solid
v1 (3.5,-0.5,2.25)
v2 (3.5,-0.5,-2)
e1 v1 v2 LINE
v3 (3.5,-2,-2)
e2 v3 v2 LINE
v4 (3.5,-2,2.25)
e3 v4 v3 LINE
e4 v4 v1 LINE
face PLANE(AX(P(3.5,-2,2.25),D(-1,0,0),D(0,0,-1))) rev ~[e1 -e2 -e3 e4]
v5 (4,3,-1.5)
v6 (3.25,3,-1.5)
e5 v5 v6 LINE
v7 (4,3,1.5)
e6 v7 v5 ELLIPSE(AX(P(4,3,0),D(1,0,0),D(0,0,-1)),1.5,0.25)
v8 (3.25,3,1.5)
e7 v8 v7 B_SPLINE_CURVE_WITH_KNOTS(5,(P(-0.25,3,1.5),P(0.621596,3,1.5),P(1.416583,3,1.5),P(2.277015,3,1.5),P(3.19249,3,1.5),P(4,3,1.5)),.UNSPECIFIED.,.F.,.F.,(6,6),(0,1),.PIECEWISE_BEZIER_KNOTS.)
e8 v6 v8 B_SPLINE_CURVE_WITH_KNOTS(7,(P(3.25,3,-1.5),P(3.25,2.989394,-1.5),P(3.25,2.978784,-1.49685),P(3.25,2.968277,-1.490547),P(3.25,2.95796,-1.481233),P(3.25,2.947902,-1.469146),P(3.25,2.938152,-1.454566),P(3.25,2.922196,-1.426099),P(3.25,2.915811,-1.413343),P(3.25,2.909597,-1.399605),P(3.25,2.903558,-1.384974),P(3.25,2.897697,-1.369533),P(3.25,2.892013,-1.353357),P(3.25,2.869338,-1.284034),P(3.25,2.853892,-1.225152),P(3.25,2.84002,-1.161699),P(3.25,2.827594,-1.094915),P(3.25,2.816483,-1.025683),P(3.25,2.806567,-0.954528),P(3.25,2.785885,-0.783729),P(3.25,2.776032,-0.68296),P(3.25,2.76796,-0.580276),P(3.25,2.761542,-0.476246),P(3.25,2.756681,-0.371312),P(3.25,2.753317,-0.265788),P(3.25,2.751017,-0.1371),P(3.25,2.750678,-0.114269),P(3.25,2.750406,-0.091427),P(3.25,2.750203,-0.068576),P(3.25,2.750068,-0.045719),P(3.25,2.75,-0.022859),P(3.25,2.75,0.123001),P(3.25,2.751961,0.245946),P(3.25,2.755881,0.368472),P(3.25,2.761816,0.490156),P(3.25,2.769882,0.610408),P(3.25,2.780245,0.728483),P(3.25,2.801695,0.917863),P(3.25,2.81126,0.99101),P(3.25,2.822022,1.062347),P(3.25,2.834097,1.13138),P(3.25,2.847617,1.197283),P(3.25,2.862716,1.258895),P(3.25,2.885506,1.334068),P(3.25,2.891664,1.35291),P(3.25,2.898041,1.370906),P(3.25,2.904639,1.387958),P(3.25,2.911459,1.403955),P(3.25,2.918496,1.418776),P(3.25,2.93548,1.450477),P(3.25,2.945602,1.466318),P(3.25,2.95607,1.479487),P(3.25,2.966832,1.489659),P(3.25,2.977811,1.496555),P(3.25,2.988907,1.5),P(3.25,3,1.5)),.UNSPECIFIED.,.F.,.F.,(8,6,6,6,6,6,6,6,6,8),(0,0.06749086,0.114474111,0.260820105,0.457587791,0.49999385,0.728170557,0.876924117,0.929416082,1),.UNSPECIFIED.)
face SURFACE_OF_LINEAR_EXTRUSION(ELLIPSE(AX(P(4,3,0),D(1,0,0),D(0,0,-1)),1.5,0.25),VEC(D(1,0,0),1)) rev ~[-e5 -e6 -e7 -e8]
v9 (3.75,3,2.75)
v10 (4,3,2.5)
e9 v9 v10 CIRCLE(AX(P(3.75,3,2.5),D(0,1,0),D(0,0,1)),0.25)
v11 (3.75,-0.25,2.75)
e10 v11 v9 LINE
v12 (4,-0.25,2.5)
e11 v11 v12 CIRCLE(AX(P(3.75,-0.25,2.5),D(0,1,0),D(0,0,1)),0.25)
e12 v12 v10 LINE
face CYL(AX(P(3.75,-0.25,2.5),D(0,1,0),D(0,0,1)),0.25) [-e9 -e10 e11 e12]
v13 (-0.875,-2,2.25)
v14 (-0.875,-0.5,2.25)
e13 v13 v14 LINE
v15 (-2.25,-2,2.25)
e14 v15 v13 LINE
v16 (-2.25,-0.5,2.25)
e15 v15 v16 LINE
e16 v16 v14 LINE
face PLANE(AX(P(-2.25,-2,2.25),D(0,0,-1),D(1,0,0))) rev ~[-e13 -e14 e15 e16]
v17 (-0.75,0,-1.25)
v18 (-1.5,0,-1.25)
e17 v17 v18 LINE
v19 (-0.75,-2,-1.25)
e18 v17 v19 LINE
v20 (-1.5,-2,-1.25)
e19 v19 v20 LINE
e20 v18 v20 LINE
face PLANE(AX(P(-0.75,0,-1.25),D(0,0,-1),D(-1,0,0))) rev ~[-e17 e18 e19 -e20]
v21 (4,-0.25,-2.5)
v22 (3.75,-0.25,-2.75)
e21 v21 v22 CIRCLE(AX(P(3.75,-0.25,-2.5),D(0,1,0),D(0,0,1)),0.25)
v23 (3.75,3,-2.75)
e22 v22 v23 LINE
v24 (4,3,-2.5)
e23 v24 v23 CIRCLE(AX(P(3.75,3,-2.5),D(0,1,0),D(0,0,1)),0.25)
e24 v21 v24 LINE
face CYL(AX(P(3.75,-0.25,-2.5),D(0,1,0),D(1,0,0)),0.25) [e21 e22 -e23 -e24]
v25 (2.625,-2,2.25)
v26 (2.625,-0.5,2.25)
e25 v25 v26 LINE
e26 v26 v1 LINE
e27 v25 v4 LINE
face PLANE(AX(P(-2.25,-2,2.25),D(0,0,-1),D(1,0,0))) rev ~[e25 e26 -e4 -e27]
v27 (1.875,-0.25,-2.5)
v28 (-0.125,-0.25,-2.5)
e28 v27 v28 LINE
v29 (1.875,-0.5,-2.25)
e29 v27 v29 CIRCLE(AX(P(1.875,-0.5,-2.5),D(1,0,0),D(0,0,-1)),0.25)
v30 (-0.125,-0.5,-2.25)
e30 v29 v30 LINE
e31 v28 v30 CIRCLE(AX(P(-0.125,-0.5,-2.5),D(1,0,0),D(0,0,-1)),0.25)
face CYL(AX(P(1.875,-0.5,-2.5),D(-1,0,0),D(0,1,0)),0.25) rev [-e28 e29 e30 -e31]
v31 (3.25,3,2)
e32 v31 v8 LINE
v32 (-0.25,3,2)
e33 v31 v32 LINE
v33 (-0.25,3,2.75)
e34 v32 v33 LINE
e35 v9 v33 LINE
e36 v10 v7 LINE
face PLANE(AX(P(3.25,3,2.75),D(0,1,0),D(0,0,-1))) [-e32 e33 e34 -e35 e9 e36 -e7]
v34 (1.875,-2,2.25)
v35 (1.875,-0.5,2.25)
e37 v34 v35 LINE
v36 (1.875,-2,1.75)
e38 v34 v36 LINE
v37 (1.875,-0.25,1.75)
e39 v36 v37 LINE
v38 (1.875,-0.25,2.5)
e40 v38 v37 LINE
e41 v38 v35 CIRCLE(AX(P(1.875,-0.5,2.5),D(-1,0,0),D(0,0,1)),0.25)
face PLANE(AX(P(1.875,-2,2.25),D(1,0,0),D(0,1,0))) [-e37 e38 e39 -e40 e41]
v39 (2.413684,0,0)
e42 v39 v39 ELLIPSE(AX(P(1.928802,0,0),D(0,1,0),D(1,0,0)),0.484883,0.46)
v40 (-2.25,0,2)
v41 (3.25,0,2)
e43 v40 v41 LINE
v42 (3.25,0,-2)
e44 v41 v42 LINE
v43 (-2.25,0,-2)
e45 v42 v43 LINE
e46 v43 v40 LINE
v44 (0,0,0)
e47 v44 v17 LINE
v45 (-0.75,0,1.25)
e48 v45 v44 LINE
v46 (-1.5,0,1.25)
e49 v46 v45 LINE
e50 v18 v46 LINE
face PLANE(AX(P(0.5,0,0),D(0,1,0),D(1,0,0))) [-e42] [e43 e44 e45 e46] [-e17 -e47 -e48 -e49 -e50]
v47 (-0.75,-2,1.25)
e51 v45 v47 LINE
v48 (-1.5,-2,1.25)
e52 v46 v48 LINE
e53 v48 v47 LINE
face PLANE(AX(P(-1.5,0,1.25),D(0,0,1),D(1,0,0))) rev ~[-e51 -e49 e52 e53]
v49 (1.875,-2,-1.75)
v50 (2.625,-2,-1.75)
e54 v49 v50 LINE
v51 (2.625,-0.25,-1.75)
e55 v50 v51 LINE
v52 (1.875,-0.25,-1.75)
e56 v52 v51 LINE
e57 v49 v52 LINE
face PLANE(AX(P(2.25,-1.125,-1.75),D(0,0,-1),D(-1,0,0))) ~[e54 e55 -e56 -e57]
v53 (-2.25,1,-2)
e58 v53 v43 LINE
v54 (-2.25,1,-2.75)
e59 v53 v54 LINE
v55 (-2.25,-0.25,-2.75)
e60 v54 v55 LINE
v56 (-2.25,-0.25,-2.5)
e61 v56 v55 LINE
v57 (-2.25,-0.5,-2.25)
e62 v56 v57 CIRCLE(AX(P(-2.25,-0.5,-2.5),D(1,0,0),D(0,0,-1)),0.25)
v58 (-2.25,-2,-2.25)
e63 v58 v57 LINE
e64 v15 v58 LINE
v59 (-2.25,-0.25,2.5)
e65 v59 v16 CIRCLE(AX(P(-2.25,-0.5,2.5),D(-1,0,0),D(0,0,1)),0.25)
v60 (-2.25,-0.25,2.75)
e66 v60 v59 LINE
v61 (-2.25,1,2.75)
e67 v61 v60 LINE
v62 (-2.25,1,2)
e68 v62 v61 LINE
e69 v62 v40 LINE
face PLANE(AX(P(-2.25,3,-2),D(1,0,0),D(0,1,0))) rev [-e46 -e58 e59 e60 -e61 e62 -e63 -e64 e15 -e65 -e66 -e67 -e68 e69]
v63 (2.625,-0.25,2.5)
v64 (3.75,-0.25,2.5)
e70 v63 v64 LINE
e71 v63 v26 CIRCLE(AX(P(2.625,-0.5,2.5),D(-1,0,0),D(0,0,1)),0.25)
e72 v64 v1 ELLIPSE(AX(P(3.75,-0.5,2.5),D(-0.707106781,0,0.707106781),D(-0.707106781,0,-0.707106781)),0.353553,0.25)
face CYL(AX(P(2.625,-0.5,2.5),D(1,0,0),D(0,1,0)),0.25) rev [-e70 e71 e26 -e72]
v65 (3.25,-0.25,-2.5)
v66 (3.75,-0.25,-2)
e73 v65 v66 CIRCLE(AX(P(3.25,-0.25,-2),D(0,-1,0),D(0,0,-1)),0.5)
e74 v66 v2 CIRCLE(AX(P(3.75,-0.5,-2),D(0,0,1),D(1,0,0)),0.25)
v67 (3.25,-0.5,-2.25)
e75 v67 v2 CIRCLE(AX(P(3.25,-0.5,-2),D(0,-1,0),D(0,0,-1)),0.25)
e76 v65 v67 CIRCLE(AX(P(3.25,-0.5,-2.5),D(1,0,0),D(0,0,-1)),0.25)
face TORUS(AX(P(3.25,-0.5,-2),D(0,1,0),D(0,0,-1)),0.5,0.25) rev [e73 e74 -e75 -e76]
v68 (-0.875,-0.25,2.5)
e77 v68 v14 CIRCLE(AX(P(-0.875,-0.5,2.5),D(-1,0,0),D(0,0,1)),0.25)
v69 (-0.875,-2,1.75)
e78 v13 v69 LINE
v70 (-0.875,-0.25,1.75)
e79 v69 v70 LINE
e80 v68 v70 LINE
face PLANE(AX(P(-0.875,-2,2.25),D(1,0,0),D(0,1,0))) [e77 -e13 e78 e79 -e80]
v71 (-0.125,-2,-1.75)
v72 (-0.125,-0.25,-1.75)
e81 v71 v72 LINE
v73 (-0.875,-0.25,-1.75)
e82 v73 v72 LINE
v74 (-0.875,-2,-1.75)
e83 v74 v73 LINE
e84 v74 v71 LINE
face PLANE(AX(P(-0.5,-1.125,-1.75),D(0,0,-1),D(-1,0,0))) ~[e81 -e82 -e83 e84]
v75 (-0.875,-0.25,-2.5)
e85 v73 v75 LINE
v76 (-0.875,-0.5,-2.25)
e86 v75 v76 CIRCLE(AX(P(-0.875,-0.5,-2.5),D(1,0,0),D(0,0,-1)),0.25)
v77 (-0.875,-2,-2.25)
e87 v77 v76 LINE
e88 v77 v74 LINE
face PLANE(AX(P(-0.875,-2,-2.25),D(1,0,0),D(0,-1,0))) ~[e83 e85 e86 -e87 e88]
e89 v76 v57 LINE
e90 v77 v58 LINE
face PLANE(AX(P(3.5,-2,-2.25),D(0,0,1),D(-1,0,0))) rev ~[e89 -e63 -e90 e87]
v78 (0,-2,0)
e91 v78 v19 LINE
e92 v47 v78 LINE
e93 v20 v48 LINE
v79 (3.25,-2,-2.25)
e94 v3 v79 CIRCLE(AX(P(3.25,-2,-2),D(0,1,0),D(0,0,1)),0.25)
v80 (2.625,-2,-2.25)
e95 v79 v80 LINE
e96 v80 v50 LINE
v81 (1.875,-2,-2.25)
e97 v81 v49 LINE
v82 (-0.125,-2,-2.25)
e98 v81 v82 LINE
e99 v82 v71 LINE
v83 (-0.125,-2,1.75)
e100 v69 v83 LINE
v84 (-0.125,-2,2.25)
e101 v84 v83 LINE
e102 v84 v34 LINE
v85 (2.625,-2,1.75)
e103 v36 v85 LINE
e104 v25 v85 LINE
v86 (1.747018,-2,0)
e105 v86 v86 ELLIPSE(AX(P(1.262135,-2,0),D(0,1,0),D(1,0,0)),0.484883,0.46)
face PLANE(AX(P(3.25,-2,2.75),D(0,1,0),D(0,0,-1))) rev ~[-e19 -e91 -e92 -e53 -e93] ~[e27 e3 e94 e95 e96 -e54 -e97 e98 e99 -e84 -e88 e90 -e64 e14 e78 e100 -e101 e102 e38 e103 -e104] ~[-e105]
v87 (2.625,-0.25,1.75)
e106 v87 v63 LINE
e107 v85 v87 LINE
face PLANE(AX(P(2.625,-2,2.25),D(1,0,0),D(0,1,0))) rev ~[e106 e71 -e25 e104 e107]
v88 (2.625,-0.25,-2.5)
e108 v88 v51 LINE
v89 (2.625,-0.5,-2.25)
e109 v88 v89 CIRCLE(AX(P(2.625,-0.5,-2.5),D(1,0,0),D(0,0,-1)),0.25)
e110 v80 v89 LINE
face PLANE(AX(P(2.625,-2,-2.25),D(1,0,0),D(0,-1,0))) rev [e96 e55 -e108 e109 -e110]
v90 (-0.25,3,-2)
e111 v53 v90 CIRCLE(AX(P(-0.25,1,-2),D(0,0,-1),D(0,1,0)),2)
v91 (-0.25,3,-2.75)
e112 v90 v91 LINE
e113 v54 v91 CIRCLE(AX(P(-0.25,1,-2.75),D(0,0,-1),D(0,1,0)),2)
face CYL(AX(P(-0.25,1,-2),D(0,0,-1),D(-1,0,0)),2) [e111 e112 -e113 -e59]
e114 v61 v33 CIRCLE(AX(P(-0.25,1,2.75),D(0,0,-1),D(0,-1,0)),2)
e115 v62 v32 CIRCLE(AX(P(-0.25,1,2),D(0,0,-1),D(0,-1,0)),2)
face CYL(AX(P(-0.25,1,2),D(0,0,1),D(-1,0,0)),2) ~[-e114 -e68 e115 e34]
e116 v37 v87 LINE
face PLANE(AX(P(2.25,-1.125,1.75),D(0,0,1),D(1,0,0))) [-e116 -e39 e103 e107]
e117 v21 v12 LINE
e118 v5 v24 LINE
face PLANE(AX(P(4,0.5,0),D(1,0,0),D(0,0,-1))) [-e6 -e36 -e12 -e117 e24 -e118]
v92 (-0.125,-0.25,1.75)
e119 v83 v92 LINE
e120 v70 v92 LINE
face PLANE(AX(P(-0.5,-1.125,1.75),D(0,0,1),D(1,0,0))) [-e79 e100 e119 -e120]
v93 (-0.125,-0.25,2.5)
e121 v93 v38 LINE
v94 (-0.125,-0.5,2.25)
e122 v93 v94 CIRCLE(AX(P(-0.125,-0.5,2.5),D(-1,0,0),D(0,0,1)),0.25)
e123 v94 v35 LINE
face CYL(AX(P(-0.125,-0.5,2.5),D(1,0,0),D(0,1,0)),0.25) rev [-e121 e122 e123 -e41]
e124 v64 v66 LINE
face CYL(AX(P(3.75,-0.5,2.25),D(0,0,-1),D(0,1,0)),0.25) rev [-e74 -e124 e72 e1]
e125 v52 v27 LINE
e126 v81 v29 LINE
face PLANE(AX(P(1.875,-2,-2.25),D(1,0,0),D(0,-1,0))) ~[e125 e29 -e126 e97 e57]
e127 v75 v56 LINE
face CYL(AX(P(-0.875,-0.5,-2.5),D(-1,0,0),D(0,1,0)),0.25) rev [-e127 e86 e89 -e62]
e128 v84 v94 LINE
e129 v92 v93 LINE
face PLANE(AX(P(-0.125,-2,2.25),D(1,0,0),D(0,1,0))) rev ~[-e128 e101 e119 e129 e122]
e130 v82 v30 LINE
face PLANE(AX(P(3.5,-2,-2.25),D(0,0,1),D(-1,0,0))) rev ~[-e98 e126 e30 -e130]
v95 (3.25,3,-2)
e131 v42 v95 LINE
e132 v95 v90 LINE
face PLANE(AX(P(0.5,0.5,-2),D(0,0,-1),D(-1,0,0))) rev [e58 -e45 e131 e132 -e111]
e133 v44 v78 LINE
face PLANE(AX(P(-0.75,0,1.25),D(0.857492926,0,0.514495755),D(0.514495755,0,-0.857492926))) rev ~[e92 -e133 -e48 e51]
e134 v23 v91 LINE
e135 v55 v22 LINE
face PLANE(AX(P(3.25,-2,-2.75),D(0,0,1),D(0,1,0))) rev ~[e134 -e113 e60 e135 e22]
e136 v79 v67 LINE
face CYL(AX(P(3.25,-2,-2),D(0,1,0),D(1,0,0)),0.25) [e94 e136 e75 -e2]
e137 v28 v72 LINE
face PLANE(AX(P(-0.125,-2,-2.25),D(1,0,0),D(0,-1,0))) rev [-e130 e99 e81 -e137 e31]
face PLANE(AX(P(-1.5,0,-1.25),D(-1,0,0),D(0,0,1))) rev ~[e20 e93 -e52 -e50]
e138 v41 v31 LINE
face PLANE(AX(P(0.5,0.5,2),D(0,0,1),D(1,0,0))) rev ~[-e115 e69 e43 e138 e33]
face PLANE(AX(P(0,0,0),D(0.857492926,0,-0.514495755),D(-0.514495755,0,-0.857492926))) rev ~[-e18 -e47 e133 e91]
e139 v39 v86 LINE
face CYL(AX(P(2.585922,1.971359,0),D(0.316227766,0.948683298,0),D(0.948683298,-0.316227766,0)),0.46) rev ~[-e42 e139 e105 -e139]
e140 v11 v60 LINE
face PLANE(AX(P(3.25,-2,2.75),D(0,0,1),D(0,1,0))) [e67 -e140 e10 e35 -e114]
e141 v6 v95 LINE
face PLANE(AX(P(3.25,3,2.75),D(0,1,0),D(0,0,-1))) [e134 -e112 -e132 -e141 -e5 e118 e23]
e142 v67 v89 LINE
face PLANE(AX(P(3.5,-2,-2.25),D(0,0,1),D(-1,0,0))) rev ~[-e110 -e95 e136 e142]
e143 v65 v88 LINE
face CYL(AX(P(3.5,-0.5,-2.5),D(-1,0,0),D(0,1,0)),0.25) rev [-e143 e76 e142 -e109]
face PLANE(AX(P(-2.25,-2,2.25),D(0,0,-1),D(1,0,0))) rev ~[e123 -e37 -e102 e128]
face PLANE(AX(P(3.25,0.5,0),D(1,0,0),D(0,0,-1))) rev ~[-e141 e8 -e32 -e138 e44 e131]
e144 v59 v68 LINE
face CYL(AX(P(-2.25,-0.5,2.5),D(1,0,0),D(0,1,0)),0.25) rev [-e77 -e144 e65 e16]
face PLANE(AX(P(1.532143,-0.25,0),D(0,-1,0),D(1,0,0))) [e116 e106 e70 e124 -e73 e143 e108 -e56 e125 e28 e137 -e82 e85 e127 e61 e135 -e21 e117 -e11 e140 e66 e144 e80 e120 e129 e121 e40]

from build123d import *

# Parameters (mm, degrees)
BOSS_EXTRUDE2_DEPTH = 2
SKETCH8_R           = 0.46
CUT_EXTRUDE1_DEPTH  = 6.857687257
CUT_EXTRUDE3_DEPTH  = 5.308421985
BOSS_EXTRUDE3_DEPTH = 0.75
SKETCH11_W          = 5.5
SKETCH11_H          = 5
BOSS_EXTRUDE4_DEPTH = 0.75
FILLET1_R           = 2
CUT_EXTRUDE5_DEPTH  = 1.75
SKETCH13_W          = 0.75
SKETCH13_H          = 1.75
CUT_EXTRUDE4_DEPTH  = 0.5
FILLET2_R           = 0.25
FILLET3_R           = 0.25
SKETCH15_RX         = 1.5
SKETCH15_RY         = 0.25
CUT_EXTRUDE6_DEPTH  = 10


with BuildPart() as part:
    # Sketch5 → Boss-Extrude2 (new body)
    with BuildSketch(Plane(origin=(0, 0, 0), x_dir=(1, 0, 0), z_dir=(0, 1, 0))):
        Polygon((-2.25, -2), (1.75, -2), (3.25, -2), (3.25, 2), (1.75, 2), (-2.25, 2), align=None)
    extrude(amount=-BOSS_EXTRUDE2_DEPTH)

    # Sketch8 → Cut-Extrude1 (cut, through all)
    with BuildSketch(Plane(origin=(0.85, 2.55, 0), x_dir=(0.948683298050514, -0.3162277660168378, 0), z_dir=(0.3162277660168378, 0.948683298050514, 0))):
        with Locations((1.829822128, 0)):
            Circle(SKETCH8_R)
    extrude(amount=-CUT_EXTRUDE1_DEPTH, mode=Mode.SUBTRACT)

    # Sketch12 → Cut-Extrude3 (cut, through all)
    with BuildSketch(Plane(origin=(0, 0, 0), x_dir=(1, 0, 0), z_dir=(0, 1, 0))):
        Polygon((-1.5, 1.25), (-1.5, -1.25), (-0.75, -1.25), (0, 0), (-0.75, 1.25), align=None)
    extrude(amount=-CUT_EXTRUDE3_DEPTH, mode=Mode.SUBTRACT)

    # Sketch10 → Boss-Extrude3 (add)
    with BuildSketch(Plane.XY.offset(2)):
        Polygon((3.25, -2), (3.25, 3), (-2.25, 3), (-2.25, 0), (-2.25, -2), align=None)
    boss_extrude3 = extrude(amount=BOSS_EXTRUDE3_DEPTH)

    # Mirror1: Boss-Extrude3 across plane
    add(boss_extrude3.mirror(Plane.XY))

    # Sketch11 → Boss-Extrude4 (add)
    with BuildSketch(Plane(origin=(3.25, 0, 0), x_dir=(0, 0, -1), z_dir=(1, 0, 0))):
        with Locations((0, 0.5)):
            Rectangle(SKETCH11_W, SKETCH11_H)
    extrude(amount=BOSS_EXTRUDE4_DEPTH)

    # Fillet1
    fillet1_edges = [part.edges().sort_by_distance(p)[0] for p in [
        (-2.25, 3, 2.375),
        (-2.25, 3, -2.375),
    ]]
    fillet(fillet1_edges, radius=FILLET1_R)

    # Sketch14 → Cut-Extrude5 (cut)
    with BuildSketch(Plane.XZ.offset(2)):
        Polygon((-2.25, 2.75), (-2.25, 2.25), (3.5, 2.25), (3.5, -2.25), (-2.25, -2.25), (-2.25, -2.75), (4, -2.75), (4, 2.75), align=None)
    extrude(amount=-CUT_EXTRUDE5_DEPTH, mode=Mode.SUBTRACT)

    # Sketch13 → Cut-Extrude4 (cut)
    with BuildSketch(Plane.XY.offset(2.25)):
        with Locations((-0.5, -1.125)):
            Rectangle(SKETCH13_W, SKETCH13_H)
        with Locations((2.25, -1.125)):
            Rectangle(SKETCH13_W, SKETCH13_H)
    cut_extrude4 = extrude(amount=-CUT_EXTRUDE4_DEPTH, mode=Mode.SUBTRACT)

    # Mirror2: Cut-Extrude4 across plane
    add(cut_extrude4.mirror(Plane.XY), mode=Mode.SUBTRACT)

    # Fillet2
    fillet2_edges = [part.edges().sort_by_distance(p)[0] for p in [
        (3.0625, -0.25, -2.25),
        (3.5, -0.25, 0),
        (3.5, -1.125, -2.25),
        (-1.5625, -0.25, 2.25),
        (0.875, -0.25, 2.25),
        (3.0625, -0.25, 2.25),
        (0.875, -0.25, -2.25),
        (-1.5625, -0.25, -2.25),
    ]]
    fillet(fillet2_edges, radius=FILLET2_R)

    # Fillet3
    fillet3_edges = [part.edges().sort_by_distance(p)[0] for p in [
        (4, 1.375, -2.75),
        (4, 1.375, 2.75),
    ]]
    fillet(fillet3_edges, radius=FILLET3_R)

    # Sketch15 → Cut-Extrude6 (cut)
    with BuildSketch(Plane(origin=(4, 0, 0), x_dir=(0, 0, -1), z_dir=(1, 0, 0))):
        with Locations((0, 3)):
            Ellipse(SKETCH15_RX, SKETCH15_RY)
    extrude(amount=-CUT_EXTRUDE6_DEPTH, mode=Mode.SUBTRACT)


solid = part.part
